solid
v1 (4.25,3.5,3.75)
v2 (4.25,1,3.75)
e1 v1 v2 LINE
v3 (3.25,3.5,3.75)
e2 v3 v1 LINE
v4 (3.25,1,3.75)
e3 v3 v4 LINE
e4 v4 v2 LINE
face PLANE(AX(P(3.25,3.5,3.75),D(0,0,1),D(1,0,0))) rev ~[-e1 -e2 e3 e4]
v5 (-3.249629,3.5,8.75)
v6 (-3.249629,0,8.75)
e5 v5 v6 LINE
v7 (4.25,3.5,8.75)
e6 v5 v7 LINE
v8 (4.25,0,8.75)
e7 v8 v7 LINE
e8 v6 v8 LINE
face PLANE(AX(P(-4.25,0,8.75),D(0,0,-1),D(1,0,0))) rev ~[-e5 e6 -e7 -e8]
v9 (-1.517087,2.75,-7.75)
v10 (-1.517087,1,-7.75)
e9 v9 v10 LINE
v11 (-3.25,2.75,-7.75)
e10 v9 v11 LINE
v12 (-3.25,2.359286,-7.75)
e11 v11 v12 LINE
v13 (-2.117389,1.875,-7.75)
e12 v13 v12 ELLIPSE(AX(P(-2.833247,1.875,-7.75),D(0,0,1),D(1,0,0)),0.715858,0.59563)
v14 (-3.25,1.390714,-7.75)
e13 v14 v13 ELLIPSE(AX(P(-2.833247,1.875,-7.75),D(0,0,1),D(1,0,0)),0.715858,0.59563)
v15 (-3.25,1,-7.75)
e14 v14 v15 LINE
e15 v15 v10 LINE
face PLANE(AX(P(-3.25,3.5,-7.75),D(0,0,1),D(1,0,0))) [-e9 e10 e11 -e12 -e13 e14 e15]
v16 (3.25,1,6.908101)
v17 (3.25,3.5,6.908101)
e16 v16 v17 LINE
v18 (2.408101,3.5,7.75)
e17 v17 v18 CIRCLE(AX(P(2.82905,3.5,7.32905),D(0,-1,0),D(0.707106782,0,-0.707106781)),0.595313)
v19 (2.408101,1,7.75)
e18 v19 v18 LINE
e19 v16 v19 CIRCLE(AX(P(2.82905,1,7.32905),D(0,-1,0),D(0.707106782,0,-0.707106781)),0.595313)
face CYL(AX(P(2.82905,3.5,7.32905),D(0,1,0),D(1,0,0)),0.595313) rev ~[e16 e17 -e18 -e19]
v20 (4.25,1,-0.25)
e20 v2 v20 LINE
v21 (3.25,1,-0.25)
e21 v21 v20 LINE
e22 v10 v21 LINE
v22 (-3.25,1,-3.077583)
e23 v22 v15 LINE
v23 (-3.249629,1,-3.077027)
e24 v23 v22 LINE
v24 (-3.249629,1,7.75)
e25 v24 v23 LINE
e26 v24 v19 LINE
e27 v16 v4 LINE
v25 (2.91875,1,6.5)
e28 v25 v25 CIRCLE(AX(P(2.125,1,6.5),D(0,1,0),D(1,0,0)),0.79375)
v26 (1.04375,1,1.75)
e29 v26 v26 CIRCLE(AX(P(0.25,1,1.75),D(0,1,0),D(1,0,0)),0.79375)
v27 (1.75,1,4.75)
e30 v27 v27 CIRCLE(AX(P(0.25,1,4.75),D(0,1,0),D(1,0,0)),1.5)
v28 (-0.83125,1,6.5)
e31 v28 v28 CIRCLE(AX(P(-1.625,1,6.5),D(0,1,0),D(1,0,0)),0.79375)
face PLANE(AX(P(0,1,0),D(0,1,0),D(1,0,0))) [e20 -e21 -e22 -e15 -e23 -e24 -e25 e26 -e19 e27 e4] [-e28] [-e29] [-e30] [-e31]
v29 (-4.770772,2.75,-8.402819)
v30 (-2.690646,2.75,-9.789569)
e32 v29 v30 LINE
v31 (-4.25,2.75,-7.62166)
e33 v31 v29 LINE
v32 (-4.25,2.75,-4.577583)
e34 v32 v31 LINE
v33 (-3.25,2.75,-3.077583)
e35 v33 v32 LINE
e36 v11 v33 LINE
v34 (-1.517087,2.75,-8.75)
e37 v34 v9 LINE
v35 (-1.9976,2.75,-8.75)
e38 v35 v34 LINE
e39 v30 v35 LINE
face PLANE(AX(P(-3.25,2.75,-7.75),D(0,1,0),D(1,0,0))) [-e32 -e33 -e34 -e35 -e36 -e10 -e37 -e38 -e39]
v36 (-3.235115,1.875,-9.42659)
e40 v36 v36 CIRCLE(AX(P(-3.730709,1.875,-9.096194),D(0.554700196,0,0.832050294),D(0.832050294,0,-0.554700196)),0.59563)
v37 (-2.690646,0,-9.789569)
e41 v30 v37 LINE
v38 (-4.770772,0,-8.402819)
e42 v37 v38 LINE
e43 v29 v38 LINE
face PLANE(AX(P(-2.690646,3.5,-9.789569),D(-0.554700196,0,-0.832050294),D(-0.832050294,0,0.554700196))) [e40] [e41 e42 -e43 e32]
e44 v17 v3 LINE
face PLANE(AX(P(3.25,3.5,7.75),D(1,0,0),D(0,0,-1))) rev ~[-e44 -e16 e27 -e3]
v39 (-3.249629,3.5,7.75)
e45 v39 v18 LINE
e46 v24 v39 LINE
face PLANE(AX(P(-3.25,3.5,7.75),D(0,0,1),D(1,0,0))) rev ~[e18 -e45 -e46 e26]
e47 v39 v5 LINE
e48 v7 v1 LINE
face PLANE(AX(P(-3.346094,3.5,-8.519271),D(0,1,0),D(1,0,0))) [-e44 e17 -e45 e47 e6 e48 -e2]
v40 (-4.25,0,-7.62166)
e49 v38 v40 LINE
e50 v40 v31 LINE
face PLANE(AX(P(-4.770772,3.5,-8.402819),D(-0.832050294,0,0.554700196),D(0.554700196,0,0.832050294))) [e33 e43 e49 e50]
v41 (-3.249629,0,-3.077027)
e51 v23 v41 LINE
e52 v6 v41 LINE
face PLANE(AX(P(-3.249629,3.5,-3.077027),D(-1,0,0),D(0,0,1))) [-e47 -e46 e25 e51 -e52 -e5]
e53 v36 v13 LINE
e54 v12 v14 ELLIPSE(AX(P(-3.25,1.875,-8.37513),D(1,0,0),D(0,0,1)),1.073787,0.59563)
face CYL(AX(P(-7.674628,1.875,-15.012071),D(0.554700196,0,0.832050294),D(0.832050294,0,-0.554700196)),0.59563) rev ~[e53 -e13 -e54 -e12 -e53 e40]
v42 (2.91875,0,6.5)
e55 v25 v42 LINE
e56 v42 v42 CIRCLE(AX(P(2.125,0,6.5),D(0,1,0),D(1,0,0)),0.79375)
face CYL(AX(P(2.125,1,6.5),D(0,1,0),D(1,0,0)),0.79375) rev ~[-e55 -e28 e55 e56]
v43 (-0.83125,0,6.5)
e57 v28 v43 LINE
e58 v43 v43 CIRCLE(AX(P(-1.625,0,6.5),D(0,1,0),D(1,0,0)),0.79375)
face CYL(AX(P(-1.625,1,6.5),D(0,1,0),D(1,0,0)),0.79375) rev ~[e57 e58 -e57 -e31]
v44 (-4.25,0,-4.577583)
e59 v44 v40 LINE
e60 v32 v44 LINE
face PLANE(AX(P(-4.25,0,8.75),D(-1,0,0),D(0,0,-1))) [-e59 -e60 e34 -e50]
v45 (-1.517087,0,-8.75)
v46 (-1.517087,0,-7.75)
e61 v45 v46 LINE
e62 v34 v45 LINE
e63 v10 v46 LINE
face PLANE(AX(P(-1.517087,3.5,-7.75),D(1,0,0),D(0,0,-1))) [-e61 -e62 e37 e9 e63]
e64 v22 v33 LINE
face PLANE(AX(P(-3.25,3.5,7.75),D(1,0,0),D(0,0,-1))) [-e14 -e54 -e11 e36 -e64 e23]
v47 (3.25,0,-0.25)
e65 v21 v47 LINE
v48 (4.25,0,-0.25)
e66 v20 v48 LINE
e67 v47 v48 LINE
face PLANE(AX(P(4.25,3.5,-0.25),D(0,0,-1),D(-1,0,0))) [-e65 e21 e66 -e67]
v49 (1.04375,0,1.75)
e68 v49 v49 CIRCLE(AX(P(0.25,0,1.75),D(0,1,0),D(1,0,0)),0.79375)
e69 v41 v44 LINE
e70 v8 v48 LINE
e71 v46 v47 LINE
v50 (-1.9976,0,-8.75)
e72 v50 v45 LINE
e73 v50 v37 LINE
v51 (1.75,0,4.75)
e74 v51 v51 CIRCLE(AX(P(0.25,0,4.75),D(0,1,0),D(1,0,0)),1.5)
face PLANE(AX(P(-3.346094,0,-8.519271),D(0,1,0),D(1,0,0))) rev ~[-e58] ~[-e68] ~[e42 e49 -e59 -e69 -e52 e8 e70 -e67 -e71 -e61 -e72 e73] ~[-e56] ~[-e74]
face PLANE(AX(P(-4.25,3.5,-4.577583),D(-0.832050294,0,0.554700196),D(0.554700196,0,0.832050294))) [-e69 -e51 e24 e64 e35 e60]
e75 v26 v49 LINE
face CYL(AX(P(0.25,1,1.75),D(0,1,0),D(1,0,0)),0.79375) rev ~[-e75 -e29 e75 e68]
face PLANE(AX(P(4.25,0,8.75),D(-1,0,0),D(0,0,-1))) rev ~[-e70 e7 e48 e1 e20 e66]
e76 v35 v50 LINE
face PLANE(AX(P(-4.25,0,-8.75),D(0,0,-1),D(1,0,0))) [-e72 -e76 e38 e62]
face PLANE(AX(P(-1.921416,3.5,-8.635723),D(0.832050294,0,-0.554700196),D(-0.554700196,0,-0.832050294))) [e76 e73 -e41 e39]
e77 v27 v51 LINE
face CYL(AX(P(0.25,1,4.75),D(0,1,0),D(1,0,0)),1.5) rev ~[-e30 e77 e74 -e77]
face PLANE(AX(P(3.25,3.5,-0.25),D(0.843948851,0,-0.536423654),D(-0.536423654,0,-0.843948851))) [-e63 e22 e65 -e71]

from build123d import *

# Parameters (mm, degrees)
SKETCH1_W                     = 8.5
SKETCH1_H                     = 17.5
BOSS_EXTRUDE1_DEPTH           = 3.5
SKETCH2_W                     = 6.5
SKETCH2_H                     = 15.5
CUT_EXTRUDE1_DEPTH            = 2.5
SKETCH3_R                     = 1.5
CUT_EXTRUDE2_DEPTH            = 2
SKETCH6_R                     = 0.5953125
CUT_EXTRUDE5_DEPTH            = 2.5
SKETCH7_R                     = 0.79375
CUT_EXTRUDE6_DEPTH            = 2
BOSS_EXTRUDE2_DEPTH           = 3.5
SKETCH14_W                    = 6.011083366
SKETCH14_H                    = 10.896717754
CUT_EXTRUDE8_DEPTH            = 0.75
TAP_DRILL_FOR_0_80_TAP1_D     = 1.19126
TAP_DRILL_FOR_0_80_TAP1_DEPTH = 7.11
TAP_DRILL_FOR_0_80_TAP1_TIP   = 0.357890611
CUT_EXTRUDE7_REACH            = 5.5
SKETCH15_W                    = 1
SKETCH15_H                    = 4
CUT_EXTRUDE9_DEPTH            = 2.5


with BuildPart() as part:
    # Sketch1 → Boss-Extrude1 (new body)
    with BuildSketch(Plane(origin=(0, 0, 0), x_dir=(1, 0, 0), z_dir=(0, 1, 0))):
        Rectangle(SKETCH1_W, SKETCH1_H)
    extrude(amount=BOSS_EXTRUDE1_DEPTH)

    # Sketch2 → Cut-Extrude1 (cut)
    with BuildSketch(Plane(origin=(0, 3.5, 0), x_dir=(1, 0, 0), z_dir=(0, 1, 0))):
        Rectangle(SKETCH2_W, SKETCH2_H)
    extrude(amount=-CUT_EXTRUDE1_DEPTH, mode=Mode.SUBTRACT)

    # Sketch3 → Cut-Extrude2 (cut, through all)
    with BuildSketch(Plane(origin=(0, 1, 0), x_dir=(1, 0, 0), z_dir=(0, 1, 0))):
        with Locations((0.25, -4.75)):
            Circle(SKETCH3_R)
    extrude(amount=-CUT_EXTRUDE2_DEPTH, mode=Mode.SUBTRACT)

    # Sketch6 → Cut-Extrude5 (cut)
    with BuildSketch(Plane(origin=(0, 3.5, 0), x_dir=(1, 0, 0), z_dir=(0, 1, 0))):
        with Locations((2.829050494, -7.329050494)):
            Circle(SKETCH6_R)
    extrude(amount=-CUT_EXTRUDE5_DEPTH, mode=Mode.SUBTRACT)

    # Sketch7 → Cut-Extrude6 (cut, through all)
    with BuildSketch(Plane(origin=(0, 1, 0), x_dir=(1, 0, 0), z_dir=(0, 1, 0))):
        with Locations((0.25, -1.75)):
            Circle(SKETCH7_R)
        with Locations((-1.625, -6.5)):
            Circle(SKETCH7_R)
        with Locations((2.125, -6.5)):
            Circle(SKETCH7_R)
    extrude(amount=-CUT_EXTRUDE6_DEPTH, mode=Mode.SUBTRACT)

    # Sketch9 → Boss-Extrude2 (add)
    with BuildSketch(Plane(origin=(0, 3.5, 0), x_dir=(1, 0, 0), z_dir=(0, 1, 0))):
        Polygon((-2.69064642, 9.789569053), (-4.770772156, 8.402818562), (-4.001541387, 7.248972409), (-3.411634369, 7.642243754), (-2.511322669, 8.242451554), (-1.921415651, 8.635722899), align=None)
    extrude(amount=-BOSS_EXTRUDE2_DEPTH)

    # Sketch14 → Cut-Extrude8 (cut)
    with BuildSketch(Plane(origin=(0, 3.5, 0), x_dir=(1, 0, 0), z_dir=(0, 1, 0))):
        with Locations((-3.25, 7.75)):
            Rectangle(SKETCH14_W, SKETCH14_H)
    extrude(amount=-CUT_EXTRUDE8_DEPTH, mode=Mode.SUBTRACT)

    # Tap Drill for #0-80 Tap1
    with Locations(Plane(origin=(-5.346153846, 0, -8.019230769), x_dir=(-0.832050294, 0, 0.554700196), z_dir=(-0.554700196, 0, -0.832050294))):
        with Locations((-1.941522729, 1.875)):
            Hole(TAP_DRILL_FOR_0_80_TAP1_D / 2, depth=TAP_DRILL_FOR_0_80_TAP1_DEPTH)
            with Locations((0, 0, -(TAP_DRILL_FOR_0_80_TAP1_DEPTH + TAP_DRILL_FOR_0_80_TAP1_TIP / 2))):  # 118° drill point
                Cone(0, TAP_DRILL_FOR_0_80_TAP1_D / 2, TAP_DRILL_FOR_0_80_TAP1_TIP, mode=Mode.SUBTRACT)

    # Sketch13 → Cut-Extrude7 (cut, up to next)
    with BuildSketch(Plane(origin=(0, 3.5, 0), x_dir=(1, 0, 0), z_dir=(0, 1, 0)), mode=Mode.PRIVATE) as cut_extrude7_sk1:
        Polygon((-3.249629447, -8.75), (-4.25, -8.75), (-4.25, 4.577582981), (-3.249629447, 3.077027151), align=None)
    cut_extrude7_tool1 = extrude(cut_extrude7_sk1.sketch, amount=-CUT_EXTRUDE7_REACH, mode=Mode.PRIVATE) & part.part
    add(cut_extrude7_tool1.solids().sort_by_distance((-3.759761, 3.5, 2.453888))[0], mode=Mode.SUBTRACT)
    # Sketch13 → Cut-Extrude7 (cut, up to next)
    with BuildSketch(Plane(origin=(0, 3.5, 0), x_dir=(1, 0, 0), z_dir=(0, 1, 0)), mode=Mode.PRIVATE) as cut_extrude7_sk2:
        Polygon((3.25, 0.25), (-1.517086772, 7.75), (-1.517086772, 8.75), (4.25, 8.75), (4.25, 0.25), align=None)
    cut_extrude7_tool2 = extrude(cut_extrude7_sk2.sketch, amount=-CUT_EXTRUDE7_REACH, mode=Mode.PRIVATE) & part.part
    add(cut_extrude7_tool2.solids().sort_by_distance((2.109513, 3.5, -5.504506))[0], mode=Mode.SUBTRACT)

    # Sketch15 → Cut-Extrude9 (cut)
    with BuildSketch(Plane(origin=(0, 3.5, 0), x_dir=(1, 0, 0), z_dir=(0, 1, 0))):
        with Locations((3.75, -1.75)):
            Rectangle(SKETCH15_W, SKETCH15_H)
    extrude(amount=-CUT_EXTRUDE9_DEPTH, mode=Mode.SUBTRACT)


solid = part.part
